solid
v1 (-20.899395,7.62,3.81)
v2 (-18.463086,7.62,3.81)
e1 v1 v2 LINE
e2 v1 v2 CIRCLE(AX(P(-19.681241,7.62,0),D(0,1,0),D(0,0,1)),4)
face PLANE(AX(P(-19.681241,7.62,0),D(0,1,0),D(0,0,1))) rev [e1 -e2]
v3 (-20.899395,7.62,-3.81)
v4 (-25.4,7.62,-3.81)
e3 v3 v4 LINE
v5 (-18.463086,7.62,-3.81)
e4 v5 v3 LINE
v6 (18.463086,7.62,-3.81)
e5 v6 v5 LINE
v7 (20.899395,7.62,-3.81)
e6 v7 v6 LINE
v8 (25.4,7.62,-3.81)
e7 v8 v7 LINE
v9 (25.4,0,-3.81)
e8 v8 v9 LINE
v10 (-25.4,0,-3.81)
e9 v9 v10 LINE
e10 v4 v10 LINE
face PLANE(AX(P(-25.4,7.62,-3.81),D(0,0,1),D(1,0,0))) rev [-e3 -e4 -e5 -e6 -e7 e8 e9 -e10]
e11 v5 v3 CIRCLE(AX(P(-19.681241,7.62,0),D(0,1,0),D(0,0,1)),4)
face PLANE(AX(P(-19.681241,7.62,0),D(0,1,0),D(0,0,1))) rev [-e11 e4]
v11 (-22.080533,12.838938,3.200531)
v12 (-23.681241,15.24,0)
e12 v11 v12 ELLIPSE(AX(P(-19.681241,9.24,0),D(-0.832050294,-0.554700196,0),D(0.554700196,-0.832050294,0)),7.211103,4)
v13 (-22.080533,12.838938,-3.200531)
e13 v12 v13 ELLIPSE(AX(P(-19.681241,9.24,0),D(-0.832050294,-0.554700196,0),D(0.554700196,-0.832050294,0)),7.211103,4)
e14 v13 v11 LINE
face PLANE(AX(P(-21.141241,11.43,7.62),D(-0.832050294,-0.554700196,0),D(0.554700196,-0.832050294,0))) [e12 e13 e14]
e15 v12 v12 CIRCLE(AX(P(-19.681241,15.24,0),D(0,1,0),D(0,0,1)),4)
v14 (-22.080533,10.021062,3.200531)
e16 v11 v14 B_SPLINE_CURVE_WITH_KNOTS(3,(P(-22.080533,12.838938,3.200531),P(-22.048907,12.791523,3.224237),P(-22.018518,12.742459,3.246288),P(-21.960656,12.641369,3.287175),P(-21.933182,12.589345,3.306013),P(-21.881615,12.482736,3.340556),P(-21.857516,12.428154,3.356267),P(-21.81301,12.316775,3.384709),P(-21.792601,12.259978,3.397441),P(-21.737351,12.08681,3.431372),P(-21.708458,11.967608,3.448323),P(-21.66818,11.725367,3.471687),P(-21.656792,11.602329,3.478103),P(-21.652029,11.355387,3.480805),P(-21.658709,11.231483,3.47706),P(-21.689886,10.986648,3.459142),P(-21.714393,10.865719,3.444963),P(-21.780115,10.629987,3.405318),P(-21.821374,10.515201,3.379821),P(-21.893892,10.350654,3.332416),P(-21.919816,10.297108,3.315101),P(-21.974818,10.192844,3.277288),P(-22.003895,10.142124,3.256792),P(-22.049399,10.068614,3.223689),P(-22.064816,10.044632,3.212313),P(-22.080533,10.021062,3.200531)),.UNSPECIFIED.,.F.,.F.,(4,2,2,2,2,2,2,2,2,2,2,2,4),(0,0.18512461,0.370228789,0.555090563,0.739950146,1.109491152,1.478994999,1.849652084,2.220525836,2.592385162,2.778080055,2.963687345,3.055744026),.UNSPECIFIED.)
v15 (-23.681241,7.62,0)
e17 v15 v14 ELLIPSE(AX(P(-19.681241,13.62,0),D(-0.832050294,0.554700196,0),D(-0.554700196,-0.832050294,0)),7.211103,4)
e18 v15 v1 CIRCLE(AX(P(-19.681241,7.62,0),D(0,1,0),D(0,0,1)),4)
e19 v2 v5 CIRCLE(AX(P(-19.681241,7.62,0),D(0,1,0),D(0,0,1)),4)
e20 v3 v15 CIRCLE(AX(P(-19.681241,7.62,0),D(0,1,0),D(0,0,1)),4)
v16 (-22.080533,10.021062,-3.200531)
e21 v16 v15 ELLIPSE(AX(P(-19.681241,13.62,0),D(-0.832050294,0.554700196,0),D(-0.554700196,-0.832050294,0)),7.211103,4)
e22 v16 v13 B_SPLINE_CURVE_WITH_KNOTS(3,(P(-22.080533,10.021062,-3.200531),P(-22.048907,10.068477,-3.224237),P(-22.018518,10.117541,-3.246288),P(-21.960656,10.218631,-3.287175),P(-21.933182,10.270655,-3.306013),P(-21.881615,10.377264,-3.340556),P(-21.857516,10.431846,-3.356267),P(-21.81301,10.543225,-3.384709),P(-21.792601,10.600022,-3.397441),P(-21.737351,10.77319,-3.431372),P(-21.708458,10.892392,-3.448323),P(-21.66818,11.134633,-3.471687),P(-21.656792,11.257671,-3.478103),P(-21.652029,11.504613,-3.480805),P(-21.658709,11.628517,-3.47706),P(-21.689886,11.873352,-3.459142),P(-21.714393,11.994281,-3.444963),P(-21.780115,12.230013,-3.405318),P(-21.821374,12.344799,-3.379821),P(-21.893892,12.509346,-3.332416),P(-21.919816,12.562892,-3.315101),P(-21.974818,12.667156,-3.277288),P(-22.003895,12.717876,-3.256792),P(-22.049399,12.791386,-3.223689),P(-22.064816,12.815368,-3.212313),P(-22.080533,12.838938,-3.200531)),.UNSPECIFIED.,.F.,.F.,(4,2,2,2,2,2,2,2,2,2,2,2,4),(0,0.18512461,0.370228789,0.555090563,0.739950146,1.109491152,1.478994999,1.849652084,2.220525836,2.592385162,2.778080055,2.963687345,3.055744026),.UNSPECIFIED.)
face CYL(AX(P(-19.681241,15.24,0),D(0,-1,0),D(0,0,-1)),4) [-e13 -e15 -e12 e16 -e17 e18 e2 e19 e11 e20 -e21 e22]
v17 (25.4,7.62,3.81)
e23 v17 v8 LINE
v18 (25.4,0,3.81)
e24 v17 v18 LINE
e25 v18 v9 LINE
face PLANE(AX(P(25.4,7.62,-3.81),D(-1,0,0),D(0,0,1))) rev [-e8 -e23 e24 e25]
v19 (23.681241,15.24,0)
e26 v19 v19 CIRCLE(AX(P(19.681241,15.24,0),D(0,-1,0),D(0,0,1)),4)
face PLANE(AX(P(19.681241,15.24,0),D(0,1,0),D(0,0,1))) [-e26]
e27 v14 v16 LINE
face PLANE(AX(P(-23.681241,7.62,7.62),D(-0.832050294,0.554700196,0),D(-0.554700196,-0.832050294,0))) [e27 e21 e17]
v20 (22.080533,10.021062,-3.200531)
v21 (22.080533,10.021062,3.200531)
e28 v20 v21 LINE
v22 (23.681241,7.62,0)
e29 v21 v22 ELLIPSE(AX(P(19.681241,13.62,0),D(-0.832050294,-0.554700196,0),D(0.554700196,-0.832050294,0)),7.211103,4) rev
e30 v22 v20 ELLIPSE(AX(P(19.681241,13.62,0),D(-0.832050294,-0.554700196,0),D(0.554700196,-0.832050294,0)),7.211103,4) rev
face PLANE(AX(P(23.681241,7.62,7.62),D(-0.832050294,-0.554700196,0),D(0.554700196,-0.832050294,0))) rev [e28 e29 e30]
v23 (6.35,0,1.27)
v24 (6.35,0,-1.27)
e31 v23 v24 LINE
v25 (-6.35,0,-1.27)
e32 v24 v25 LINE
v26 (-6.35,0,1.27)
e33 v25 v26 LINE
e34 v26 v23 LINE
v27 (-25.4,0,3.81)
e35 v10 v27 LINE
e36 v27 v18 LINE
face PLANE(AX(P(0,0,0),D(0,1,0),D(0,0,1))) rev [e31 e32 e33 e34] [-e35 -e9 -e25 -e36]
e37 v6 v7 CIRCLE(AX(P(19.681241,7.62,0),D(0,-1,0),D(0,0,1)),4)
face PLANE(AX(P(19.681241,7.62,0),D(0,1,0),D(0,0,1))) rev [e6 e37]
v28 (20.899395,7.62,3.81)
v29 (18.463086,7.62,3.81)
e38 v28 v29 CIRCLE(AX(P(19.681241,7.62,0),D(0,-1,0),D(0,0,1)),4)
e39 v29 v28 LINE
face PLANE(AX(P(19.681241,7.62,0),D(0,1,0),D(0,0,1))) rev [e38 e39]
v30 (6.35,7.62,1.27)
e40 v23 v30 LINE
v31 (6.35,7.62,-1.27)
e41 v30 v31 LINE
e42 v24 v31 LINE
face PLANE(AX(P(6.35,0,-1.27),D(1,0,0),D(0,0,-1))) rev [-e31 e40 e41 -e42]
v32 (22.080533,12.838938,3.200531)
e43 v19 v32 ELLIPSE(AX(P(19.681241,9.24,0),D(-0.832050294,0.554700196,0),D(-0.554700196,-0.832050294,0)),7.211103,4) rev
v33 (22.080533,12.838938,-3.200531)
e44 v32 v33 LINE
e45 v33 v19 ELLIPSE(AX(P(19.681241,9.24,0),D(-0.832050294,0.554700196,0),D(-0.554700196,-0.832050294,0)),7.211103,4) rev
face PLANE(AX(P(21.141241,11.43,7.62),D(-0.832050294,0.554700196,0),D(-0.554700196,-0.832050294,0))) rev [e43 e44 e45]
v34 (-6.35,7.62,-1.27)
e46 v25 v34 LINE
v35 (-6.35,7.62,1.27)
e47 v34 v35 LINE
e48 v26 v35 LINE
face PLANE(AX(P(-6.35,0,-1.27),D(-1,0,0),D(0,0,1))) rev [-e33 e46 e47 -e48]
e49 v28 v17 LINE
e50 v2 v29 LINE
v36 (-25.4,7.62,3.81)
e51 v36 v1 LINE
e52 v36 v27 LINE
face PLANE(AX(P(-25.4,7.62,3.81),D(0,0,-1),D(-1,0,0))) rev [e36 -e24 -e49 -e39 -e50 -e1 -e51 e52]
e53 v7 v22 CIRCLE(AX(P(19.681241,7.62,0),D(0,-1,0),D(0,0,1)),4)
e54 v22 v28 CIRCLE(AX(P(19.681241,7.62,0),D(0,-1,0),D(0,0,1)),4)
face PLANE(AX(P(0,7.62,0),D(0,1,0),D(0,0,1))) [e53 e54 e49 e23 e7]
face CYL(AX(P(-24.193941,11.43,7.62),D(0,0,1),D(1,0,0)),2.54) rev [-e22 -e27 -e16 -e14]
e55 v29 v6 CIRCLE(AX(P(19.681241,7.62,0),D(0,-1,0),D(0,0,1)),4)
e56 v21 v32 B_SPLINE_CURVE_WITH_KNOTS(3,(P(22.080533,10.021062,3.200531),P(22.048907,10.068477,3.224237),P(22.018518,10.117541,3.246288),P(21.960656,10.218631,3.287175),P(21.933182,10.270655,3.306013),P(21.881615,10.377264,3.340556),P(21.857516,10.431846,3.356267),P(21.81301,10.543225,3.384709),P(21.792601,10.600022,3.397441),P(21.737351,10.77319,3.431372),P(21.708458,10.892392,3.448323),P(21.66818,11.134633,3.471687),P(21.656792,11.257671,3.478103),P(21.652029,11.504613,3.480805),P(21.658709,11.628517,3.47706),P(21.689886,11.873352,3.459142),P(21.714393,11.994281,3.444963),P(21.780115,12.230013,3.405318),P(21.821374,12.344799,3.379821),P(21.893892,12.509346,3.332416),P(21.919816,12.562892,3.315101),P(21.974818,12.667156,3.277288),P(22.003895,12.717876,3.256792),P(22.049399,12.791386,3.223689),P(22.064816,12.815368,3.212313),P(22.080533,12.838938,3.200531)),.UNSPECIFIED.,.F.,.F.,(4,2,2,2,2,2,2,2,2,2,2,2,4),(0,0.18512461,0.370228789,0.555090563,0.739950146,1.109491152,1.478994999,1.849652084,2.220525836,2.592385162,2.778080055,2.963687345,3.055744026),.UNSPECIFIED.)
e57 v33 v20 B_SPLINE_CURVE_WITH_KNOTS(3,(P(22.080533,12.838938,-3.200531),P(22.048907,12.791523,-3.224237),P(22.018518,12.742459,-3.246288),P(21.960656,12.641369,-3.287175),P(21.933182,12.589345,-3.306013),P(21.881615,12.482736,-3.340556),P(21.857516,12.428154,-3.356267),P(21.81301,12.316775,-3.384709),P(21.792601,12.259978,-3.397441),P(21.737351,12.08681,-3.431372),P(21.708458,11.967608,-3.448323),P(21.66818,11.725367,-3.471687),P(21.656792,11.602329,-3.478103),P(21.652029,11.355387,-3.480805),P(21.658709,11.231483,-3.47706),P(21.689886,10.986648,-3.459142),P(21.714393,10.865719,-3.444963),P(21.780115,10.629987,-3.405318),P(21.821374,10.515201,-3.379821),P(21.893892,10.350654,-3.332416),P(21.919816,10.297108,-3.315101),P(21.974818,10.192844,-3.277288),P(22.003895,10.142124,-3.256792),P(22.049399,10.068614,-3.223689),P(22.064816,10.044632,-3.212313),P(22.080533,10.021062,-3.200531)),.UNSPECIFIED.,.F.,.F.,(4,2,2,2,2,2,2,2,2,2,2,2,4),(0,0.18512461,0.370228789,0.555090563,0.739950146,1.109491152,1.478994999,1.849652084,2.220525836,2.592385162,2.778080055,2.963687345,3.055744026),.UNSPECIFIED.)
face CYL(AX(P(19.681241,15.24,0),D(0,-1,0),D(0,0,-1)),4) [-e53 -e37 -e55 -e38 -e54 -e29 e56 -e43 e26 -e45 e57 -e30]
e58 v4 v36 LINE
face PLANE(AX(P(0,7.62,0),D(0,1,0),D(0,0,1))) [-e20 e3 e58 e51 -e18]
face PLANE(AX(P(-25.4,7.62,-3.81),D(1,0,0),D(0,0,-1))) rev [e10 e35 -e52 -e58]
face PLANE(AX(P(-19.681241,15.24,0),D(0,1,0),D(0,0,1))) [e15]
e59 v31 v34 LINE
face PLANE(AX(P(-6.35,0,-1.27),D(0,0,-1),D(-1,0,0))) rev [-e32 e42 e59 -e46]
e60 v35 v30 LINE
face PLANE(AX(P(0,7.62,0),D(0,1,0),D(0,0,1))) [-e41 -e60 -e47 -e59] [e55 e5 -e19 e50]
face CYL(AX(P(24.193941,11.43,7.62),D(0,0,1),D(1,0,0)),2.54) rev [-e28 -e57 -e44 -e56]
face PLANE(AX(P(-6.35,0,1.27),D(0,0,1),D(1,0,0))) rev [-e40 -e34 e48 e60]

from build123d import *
from build123d.topology import SkipClean

# Parameters (mm, degrees)
SKETCH1_W            = 50.8
SKETCH1_H            = 7.62
BOSS_EXTRUDE1_DEPTH  = 7.62
SKETCH2_W            = 12.7
SKETCH2_H            = 2.54
CUT_EXTRUDE1_DEPTH   = 27.790679349
SKETCH3_R            = 4
BOSS_EXTRUDE2_DEPTH  = 7.62
CUT_EXTRUDE2_DEPTH   = 7.62
FILLET1_R            = 2.54
FILLET1_OF_MIRROR1_R = 2.54


with BuildPart() as part:
    # Sketch1 → Boss-Extrude1 (new body)
    with BuildSketch(Plane(origin=(0, 0, 0), x_dir=(1, 0, 0), z_dir=(0, 1, 0))):
        Rectangle(SKETCH1_W, SKETCH1_H)
    extrude(amount=BOSS_EXTRUDE1_DEPTH)

    # Sketch2 → Cut-Extrude1 (cut, through all)
    with BuildSketch(Plane(origin=(0, 7.62, 0), x_dir=(1, 0, 0), z_dir=(0, 1, 0))):
        Rectangle(SKETCH2_W, SKETCH2_H)
    extrude(amount=-CUT_EXTRUDE1_DEPTH, mode=Mode.SUBTRACT)

    # Sketch3 → Boss-Extrude2 (add)
    with BuildSketch(Plane(origin=(0, 7.62, 0), x_dir=(1, 0, 0), z_dir=(0, 1, 0))):
        with Locations(Location((-19.681240592, 0, 0), (0, 0, 72.269593739))):
            Circle(SKETCH3_R)
    boss_extrude2 = extrude(amount=BOSS_EXTRUDE2_DEPTH)

    # Sketch4 → Cut-Extrude2 (cut, symmetric)
    with SkipClean():  # the faces are left unmerged after this step: merging them gives an invalid solid
        with BuildSketch(Plane.XY):
            Polygon((-23.681240592, 15.24), (-23.681240592, 7.62), (-21.141240592, 11.43), align=None)
        cut_extrude2 = extrude(amount=CUT_EXTRUDE2_DEPTH, both=True, mode=Mode.SUBTRACT)

    # Fillet1
    fillet1_edges = [part.edges().sort_by_distance(p)[0] for p in [
        (-21.141240592, 11.43, 0),
    ]]
    fillet(fillet1_edges, radius=FILLET1_R)

    # Mirror1: Boss-Extrude2, Cut-Extrude2 across plane
    add(boss_extrude2.mirror(Plane(origin=(0, 0, 0), x_dir=(0, 0, 1), z_dir=(1, 0, 0))))
    add(cut_extrude2.mirror(Plane(origin=(0, 0, 0), x_dir=(0, 0, 1), z_dir=(1, 0, 0))), mode=Mode.SUBTRACT)

    # Fillet1 of Mirror1
    fillet1_of_mirror1_edges = [part.edges().sort_by_distance(p)[0] for p in [
        (21.141240592, 11.43, 0),
    ]]
    fillet(fillet1_of_mirror1_edges, radius=FILLET1_OF_MIRROR1_R)


solid = part.part
